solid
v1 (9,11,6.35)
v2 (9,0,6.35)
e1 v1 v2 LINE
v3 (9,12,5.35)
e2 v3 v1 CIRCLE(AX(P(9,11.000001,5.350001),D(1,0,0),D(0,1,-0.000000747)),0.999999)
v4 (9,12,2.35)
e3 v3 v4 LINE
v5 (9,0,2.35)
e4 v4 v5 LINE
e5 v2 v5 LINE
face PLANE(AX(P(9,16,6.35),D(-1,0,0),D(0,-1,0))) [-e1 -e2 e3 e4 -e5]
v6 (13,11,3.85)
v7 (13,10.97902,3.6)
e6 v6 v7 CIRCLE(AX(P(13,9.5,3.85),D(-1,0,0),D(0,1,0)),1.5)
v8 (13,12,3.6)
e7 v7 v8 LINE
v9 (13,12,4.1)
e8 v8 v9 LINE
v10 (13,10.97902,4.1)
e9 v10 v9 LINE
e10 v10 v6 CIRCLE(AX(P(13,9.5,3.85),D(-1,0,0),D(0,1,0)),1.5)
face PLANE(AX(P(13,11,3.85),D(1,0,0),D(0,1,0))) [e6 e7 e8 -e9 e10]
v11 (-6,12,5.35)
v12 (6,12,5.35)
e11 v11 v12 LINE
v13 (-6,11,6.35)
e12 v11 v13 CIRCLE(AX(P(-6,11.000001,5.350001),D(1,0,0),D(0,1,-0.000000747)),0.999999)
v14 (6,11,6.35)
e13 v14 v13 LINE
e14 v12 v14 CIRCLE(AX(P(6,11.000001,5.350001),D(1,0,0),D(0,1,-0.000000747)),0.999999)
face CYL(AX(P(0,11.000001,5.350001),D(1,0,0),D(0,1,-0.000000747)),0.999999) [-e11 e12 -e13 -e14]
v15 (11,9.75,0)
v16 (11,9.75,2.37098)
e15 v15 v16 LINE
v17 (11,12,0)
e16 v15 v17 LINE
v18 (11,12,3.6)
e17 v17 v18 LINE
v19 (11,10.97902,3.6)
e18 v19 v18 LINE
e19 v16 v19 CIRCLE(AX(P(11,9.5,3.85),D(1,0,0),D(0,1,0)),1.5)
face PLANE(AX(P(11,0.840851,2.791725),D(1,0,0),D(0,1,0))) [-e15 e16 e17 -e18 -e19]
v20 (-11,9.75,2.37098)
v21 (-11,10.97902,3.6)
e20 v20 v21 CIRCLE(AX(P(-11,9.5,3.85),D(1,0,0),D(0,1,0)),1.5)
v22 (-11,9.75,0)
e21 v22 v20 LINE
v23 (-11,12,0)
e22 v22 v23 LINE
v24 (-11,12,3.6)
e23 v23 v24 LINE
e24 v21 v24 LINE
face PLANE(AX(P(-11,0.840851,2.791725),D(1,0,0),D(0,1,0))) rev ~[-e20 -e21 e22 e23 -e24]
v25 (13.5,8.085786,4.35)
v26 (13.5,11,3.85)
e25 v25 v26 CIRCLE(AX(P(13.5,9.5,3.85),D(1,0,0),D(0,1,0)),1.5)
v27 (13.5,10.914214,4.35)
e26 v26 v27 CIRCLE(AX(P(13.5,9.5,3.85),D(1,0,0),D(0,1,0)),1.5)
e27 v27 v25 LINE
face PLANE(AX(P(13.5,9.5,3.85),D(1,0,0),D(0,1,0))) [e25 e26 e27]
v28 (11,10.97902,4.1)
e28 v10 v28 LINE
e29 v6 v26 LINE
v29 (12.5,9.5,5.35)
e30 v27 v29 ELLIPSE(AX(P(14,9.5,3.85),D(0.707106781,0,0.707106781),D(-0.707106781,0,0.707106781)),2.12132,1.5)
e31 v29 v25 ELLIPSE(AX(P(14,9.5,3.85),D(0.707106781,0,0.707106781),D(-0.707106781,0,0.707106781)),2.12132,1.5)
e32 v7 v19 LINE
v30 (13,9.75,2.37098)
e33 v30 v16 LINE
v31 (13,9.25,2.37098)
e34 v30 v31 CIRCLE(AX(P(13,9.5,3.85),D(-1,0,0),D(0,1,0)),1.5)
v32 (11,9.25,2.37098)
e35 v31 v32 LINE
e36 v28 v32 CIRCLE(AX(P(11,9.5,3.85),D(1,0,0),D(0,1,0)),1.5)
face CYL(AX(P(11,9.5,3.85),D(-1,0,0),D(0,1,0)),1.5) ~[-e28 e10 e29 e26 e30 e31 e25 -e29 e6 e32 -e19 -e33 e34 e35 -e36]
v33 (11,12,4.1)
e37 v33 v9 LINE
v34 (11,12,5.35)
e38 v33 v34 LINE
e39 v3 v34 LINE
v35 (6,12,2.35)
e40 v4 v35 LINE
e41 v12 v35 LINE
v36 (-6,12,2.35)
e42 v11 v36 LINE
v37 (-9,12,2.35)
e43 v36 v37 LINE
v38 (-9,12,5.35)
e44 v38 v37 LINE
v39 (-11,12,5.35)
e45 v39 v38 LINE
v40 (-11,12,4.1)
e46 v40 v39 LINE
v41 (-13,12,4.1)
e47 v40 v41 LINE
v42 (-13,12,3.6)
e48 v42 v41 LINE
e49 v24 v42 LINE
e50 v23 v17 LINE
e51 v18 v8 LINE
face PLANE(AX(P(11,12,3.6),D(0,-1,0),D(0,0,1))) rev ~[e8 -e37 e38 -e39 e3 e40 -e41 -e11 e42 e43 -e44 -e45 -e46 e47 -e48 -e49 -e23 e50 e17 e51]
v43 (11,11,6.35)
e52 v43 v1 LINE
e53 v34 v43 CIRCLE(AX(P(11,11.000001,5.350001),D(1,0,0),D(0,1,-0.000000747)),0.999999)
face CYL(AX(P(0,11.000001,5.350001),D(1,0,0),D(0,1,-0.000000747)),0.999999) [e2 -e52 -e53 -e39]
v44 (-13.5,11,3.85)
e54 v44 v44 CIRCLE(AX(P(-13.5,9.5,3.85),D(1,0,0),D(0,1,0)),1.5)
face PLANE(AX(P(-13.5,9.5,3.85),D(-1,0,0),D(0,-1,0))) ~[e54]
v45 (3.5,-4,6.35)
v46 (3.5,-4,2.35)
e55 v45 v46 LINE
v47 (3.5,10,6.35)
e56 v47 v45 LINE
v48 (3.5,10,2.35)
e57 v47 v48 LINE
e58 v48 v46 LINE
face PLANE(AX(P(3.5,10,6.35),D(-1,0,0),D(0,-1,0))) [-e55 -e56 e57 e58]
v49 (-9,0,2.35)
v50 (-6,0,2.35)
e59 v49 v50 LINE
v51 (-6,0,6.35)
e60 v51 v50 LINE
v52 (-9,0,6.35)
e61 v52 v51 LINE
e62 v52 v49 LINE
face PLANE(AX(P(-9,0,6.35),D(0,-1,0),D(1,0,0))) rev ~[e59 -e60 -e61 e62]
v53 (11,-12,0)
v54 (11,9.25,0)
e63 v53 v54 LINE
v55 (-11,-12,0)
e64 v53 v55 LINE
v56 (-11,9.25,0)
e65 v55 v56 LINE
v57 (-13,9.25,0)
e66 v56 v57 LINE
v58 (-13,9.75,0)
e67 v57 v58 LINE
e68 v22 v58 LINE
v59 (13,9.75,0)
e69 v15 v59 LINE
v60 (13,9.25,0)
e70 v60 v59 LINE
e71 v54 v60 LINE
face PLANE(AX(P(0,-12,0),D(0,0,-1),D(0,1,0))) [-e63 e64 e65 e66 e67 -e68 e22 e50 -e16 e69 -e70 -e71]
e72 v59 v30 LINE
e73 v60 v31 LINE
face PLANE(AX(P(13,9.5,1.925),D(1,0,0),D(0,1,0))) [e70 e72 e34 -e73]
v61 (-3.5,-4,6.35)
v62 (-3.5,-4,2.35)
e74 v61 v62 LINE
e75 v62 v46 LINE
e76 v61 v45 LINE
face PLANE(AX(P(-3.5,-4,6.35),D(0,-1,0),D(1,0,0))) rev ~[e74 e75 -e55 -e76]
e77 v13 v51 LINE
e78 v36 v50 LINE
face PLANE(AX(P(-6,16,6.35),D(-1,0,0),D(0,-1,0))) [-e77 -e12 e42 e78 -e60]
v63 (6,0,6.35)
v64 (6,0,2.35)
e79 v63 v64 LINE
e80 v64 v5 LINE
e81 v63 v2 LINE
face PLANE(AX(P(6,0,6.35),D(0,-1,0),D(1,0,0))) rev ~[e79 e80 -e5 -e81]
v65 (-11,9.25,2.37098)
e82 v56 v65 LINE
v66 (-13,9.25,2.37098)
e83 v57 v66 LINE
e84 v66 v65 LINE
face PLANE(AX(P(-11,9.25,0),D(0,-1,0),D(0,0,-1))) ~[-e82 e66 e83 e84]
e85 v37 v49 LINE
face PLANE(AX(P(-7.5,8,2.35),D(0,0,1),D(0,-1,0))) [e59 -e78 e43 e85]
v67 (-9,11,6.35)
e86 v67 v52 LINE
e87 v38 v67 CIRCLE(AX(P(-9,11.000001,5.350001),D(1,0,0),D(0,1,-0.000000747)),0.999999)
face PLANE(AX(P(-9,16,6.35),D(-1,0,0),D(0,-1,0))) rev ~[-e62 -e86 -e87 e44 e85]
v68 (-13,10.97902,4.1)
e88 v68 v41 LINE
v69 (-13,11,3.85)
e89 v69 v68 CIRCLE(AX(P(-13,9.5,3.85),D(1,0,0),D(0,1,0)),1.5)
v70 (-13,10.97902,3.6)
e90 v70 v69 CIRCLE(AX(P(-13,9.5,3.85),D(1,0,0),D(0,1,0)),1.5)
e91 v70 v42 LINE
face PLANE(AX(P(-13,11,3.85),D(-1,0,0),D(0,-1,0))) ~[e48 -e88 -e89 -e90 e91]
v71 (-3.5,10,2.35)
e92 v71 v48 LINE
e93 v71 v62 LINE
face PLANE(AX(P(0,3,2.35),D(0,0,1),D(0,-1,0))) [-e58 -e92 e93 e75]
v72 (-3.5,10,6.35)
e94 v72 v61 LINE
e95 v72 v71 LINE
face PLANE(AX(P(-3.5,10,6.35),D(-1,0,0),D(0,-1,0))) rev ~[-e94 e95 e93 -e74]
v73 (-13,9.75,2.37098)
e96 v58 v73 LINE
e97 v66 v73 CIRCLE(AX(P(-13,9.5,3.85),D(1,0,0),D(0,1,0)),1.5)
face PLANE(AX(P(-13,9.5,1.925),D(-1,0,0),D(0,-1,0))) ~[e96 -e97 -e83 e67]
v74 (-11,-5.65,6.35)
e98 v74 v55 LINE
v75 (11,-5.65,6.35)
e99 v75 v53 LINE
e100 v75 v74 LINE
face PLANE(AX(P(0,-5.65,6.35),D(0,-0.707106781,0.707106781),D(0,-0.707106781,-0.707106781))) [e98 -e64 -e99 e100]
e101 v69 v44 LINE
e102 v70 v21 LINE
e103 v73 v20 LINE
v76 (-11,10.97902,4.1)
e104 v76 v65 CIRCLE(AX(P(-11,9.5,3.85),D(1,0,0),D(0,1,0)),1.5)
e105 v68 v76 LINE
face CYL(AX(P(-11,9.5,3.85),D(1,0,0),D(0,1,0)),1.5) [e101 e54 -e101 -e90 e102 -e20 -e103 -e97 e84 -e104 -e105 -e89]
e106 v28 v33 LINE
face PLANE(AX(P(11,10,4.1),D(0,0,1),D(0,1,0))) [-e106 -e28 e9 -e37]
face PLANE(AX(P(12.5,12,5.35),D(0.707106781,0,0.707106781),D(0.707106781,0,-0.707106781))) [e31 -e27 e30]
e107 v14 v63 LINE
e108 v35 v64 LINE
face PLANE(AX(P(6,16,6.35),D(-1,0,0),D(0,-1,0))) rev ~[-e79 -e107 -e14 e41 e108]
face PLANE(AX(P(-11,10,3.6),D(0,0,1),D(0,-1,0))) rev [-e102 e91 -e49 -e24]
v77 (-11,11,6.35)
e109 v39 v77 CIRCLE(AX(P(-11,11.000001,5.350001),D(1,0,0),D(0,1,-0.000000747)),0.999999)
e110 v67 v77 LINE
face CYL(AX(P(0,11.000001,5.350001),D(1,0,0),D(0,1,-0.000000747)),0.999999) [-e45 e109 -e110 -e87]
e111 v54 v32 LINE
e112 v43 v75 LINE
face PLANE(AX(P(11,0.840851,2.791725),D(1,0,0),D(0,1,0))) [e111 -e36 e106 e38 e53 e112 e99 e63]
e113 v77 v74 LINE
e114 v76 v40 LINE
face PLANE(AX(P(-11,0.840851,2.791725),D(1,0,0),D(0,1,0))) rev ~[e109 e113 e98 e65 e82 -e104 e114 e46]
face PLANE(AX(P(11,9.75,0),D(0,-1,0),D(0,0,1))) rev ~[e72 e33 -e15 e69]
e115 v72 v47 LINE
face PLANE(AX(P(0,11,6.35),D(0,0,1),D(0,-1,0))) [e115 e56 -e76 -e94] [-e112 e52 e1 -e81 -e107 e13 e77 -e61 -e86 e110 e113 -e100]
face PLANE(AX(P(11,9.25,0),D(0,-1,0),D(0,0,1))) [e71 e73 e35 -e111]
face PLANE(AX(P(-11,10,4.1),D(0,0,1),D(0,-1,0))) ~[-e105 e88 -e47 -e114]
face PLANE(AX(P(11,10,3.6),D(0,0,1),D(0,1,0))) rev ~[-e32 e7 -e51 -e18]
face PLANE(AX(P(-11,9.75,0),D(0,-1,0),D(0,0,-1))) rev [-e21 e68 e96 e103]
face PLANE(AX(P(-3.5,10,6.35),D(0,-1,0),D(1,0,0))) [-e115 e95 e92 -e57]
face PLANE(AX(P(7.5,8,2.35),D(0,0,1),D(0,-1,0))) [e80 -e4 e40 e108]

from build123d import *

# Parameters (mm, degrees)
PAD_DEPTH       = 11
SKETCH002_R     = 1.5
PAD001_DEPTH    = 2.5
POCKET_DEPTH    = 5
SKETCH004_W     = 2
SKETCH004_H     = 0.5
SKETCH004_W_2   = 0.5
SKETCH004_H_2   = 3.85
PAD002_DEPTH    = 2
SKETCH005_W     = 14
SKETCH005_H     = 7
SKETCH005_W_2   = 16
SKETCH005_H_2   = 3
POCKET001_DEPTH = 4


with BuildPart() as part:
    # Sketch001 → Pad (new body, symmetric)
    with BuildSketch(Plane.YZ):
        with BuildLine():
            Line((-12, 0), (12, 0))
            Line((12, 0), (12, 5.35))
            ThreePointArc((12, 5.35), (11.707107, 6.057107), (11, 6.35))
            Line((11, 6.35), (-5.65, 6.35))
            Line((-5.65, 6.35), (-12, 0))
        make_face()
    extrude(amount=PAD_DEPTH, both=True)

    # Sketch002 (on Face7 of Pad) → Pad001 (join)
    with BuildSketch(Plane.YZ.offset(11)):
        with Locations((9.5, 3.85)):
            Circle(SKETCH002_R)
    pad001 = extrude(amount=PAD001_DEPTH)

    # Sketch003 (on Face3 of Pad001) → Pocket (cut)
    with BuildSketch(Plane.ZX.offset(12)):
        Polygon((4.35, 13.5), (5.35, 13.5), (5.35, 12.5), align=None)
    pocket = extrude(amount=-POCKET_DEPTH, mode=Mode.SUBTRACT)

    # Sketch004 (on Face5 of Pocket) → Pad002 (join)
    with BuildSketch(Plane.YZ.offset(11)):
        with Locations((11, 3.85)):
            Rectangle(SKETCH004_W, SKETCH004_H)
        with Locations((9.5, 1.925)):
            Rectangle(SKETCH004_W_2, SKETCH004_H_2)
    pad002 = extrude(amount=PAD002_DEPTH)

    # Mirrored: Pad002, Pocket, Pad001 across YZ
    add(pad002.mirror(Plane.YZ))
    add(pocket.mirror(Plane.YZ), mode=Mode.SUBTRACT)
    add(pad001.mirror(Plane.YZ))

    # Sketch005 (on Face10 of Mirrored) → Pocket001 (cut)
    with BuildSketch(Plane(origin=(0, 0, 6.35), x_dir=(0, -1, 0), z_dir=(0, 0, 1))):
        with Locations((-3, 0)):
            Rectangle(SKETCH005_W, SKETCH005_H)
        with Locations((-8, 7.5)):
            Rectangle(SKETCH005_W_2, SKETCH005_H_2)
        with Locations((-8, -7.5)):
            Rectangle(SKETCH005_W_2, SKETCH005_H_2)
    extrude(amount=-POCKET001_DEPTH, mode=Mode.SUBTRACT)


solid = part.part
